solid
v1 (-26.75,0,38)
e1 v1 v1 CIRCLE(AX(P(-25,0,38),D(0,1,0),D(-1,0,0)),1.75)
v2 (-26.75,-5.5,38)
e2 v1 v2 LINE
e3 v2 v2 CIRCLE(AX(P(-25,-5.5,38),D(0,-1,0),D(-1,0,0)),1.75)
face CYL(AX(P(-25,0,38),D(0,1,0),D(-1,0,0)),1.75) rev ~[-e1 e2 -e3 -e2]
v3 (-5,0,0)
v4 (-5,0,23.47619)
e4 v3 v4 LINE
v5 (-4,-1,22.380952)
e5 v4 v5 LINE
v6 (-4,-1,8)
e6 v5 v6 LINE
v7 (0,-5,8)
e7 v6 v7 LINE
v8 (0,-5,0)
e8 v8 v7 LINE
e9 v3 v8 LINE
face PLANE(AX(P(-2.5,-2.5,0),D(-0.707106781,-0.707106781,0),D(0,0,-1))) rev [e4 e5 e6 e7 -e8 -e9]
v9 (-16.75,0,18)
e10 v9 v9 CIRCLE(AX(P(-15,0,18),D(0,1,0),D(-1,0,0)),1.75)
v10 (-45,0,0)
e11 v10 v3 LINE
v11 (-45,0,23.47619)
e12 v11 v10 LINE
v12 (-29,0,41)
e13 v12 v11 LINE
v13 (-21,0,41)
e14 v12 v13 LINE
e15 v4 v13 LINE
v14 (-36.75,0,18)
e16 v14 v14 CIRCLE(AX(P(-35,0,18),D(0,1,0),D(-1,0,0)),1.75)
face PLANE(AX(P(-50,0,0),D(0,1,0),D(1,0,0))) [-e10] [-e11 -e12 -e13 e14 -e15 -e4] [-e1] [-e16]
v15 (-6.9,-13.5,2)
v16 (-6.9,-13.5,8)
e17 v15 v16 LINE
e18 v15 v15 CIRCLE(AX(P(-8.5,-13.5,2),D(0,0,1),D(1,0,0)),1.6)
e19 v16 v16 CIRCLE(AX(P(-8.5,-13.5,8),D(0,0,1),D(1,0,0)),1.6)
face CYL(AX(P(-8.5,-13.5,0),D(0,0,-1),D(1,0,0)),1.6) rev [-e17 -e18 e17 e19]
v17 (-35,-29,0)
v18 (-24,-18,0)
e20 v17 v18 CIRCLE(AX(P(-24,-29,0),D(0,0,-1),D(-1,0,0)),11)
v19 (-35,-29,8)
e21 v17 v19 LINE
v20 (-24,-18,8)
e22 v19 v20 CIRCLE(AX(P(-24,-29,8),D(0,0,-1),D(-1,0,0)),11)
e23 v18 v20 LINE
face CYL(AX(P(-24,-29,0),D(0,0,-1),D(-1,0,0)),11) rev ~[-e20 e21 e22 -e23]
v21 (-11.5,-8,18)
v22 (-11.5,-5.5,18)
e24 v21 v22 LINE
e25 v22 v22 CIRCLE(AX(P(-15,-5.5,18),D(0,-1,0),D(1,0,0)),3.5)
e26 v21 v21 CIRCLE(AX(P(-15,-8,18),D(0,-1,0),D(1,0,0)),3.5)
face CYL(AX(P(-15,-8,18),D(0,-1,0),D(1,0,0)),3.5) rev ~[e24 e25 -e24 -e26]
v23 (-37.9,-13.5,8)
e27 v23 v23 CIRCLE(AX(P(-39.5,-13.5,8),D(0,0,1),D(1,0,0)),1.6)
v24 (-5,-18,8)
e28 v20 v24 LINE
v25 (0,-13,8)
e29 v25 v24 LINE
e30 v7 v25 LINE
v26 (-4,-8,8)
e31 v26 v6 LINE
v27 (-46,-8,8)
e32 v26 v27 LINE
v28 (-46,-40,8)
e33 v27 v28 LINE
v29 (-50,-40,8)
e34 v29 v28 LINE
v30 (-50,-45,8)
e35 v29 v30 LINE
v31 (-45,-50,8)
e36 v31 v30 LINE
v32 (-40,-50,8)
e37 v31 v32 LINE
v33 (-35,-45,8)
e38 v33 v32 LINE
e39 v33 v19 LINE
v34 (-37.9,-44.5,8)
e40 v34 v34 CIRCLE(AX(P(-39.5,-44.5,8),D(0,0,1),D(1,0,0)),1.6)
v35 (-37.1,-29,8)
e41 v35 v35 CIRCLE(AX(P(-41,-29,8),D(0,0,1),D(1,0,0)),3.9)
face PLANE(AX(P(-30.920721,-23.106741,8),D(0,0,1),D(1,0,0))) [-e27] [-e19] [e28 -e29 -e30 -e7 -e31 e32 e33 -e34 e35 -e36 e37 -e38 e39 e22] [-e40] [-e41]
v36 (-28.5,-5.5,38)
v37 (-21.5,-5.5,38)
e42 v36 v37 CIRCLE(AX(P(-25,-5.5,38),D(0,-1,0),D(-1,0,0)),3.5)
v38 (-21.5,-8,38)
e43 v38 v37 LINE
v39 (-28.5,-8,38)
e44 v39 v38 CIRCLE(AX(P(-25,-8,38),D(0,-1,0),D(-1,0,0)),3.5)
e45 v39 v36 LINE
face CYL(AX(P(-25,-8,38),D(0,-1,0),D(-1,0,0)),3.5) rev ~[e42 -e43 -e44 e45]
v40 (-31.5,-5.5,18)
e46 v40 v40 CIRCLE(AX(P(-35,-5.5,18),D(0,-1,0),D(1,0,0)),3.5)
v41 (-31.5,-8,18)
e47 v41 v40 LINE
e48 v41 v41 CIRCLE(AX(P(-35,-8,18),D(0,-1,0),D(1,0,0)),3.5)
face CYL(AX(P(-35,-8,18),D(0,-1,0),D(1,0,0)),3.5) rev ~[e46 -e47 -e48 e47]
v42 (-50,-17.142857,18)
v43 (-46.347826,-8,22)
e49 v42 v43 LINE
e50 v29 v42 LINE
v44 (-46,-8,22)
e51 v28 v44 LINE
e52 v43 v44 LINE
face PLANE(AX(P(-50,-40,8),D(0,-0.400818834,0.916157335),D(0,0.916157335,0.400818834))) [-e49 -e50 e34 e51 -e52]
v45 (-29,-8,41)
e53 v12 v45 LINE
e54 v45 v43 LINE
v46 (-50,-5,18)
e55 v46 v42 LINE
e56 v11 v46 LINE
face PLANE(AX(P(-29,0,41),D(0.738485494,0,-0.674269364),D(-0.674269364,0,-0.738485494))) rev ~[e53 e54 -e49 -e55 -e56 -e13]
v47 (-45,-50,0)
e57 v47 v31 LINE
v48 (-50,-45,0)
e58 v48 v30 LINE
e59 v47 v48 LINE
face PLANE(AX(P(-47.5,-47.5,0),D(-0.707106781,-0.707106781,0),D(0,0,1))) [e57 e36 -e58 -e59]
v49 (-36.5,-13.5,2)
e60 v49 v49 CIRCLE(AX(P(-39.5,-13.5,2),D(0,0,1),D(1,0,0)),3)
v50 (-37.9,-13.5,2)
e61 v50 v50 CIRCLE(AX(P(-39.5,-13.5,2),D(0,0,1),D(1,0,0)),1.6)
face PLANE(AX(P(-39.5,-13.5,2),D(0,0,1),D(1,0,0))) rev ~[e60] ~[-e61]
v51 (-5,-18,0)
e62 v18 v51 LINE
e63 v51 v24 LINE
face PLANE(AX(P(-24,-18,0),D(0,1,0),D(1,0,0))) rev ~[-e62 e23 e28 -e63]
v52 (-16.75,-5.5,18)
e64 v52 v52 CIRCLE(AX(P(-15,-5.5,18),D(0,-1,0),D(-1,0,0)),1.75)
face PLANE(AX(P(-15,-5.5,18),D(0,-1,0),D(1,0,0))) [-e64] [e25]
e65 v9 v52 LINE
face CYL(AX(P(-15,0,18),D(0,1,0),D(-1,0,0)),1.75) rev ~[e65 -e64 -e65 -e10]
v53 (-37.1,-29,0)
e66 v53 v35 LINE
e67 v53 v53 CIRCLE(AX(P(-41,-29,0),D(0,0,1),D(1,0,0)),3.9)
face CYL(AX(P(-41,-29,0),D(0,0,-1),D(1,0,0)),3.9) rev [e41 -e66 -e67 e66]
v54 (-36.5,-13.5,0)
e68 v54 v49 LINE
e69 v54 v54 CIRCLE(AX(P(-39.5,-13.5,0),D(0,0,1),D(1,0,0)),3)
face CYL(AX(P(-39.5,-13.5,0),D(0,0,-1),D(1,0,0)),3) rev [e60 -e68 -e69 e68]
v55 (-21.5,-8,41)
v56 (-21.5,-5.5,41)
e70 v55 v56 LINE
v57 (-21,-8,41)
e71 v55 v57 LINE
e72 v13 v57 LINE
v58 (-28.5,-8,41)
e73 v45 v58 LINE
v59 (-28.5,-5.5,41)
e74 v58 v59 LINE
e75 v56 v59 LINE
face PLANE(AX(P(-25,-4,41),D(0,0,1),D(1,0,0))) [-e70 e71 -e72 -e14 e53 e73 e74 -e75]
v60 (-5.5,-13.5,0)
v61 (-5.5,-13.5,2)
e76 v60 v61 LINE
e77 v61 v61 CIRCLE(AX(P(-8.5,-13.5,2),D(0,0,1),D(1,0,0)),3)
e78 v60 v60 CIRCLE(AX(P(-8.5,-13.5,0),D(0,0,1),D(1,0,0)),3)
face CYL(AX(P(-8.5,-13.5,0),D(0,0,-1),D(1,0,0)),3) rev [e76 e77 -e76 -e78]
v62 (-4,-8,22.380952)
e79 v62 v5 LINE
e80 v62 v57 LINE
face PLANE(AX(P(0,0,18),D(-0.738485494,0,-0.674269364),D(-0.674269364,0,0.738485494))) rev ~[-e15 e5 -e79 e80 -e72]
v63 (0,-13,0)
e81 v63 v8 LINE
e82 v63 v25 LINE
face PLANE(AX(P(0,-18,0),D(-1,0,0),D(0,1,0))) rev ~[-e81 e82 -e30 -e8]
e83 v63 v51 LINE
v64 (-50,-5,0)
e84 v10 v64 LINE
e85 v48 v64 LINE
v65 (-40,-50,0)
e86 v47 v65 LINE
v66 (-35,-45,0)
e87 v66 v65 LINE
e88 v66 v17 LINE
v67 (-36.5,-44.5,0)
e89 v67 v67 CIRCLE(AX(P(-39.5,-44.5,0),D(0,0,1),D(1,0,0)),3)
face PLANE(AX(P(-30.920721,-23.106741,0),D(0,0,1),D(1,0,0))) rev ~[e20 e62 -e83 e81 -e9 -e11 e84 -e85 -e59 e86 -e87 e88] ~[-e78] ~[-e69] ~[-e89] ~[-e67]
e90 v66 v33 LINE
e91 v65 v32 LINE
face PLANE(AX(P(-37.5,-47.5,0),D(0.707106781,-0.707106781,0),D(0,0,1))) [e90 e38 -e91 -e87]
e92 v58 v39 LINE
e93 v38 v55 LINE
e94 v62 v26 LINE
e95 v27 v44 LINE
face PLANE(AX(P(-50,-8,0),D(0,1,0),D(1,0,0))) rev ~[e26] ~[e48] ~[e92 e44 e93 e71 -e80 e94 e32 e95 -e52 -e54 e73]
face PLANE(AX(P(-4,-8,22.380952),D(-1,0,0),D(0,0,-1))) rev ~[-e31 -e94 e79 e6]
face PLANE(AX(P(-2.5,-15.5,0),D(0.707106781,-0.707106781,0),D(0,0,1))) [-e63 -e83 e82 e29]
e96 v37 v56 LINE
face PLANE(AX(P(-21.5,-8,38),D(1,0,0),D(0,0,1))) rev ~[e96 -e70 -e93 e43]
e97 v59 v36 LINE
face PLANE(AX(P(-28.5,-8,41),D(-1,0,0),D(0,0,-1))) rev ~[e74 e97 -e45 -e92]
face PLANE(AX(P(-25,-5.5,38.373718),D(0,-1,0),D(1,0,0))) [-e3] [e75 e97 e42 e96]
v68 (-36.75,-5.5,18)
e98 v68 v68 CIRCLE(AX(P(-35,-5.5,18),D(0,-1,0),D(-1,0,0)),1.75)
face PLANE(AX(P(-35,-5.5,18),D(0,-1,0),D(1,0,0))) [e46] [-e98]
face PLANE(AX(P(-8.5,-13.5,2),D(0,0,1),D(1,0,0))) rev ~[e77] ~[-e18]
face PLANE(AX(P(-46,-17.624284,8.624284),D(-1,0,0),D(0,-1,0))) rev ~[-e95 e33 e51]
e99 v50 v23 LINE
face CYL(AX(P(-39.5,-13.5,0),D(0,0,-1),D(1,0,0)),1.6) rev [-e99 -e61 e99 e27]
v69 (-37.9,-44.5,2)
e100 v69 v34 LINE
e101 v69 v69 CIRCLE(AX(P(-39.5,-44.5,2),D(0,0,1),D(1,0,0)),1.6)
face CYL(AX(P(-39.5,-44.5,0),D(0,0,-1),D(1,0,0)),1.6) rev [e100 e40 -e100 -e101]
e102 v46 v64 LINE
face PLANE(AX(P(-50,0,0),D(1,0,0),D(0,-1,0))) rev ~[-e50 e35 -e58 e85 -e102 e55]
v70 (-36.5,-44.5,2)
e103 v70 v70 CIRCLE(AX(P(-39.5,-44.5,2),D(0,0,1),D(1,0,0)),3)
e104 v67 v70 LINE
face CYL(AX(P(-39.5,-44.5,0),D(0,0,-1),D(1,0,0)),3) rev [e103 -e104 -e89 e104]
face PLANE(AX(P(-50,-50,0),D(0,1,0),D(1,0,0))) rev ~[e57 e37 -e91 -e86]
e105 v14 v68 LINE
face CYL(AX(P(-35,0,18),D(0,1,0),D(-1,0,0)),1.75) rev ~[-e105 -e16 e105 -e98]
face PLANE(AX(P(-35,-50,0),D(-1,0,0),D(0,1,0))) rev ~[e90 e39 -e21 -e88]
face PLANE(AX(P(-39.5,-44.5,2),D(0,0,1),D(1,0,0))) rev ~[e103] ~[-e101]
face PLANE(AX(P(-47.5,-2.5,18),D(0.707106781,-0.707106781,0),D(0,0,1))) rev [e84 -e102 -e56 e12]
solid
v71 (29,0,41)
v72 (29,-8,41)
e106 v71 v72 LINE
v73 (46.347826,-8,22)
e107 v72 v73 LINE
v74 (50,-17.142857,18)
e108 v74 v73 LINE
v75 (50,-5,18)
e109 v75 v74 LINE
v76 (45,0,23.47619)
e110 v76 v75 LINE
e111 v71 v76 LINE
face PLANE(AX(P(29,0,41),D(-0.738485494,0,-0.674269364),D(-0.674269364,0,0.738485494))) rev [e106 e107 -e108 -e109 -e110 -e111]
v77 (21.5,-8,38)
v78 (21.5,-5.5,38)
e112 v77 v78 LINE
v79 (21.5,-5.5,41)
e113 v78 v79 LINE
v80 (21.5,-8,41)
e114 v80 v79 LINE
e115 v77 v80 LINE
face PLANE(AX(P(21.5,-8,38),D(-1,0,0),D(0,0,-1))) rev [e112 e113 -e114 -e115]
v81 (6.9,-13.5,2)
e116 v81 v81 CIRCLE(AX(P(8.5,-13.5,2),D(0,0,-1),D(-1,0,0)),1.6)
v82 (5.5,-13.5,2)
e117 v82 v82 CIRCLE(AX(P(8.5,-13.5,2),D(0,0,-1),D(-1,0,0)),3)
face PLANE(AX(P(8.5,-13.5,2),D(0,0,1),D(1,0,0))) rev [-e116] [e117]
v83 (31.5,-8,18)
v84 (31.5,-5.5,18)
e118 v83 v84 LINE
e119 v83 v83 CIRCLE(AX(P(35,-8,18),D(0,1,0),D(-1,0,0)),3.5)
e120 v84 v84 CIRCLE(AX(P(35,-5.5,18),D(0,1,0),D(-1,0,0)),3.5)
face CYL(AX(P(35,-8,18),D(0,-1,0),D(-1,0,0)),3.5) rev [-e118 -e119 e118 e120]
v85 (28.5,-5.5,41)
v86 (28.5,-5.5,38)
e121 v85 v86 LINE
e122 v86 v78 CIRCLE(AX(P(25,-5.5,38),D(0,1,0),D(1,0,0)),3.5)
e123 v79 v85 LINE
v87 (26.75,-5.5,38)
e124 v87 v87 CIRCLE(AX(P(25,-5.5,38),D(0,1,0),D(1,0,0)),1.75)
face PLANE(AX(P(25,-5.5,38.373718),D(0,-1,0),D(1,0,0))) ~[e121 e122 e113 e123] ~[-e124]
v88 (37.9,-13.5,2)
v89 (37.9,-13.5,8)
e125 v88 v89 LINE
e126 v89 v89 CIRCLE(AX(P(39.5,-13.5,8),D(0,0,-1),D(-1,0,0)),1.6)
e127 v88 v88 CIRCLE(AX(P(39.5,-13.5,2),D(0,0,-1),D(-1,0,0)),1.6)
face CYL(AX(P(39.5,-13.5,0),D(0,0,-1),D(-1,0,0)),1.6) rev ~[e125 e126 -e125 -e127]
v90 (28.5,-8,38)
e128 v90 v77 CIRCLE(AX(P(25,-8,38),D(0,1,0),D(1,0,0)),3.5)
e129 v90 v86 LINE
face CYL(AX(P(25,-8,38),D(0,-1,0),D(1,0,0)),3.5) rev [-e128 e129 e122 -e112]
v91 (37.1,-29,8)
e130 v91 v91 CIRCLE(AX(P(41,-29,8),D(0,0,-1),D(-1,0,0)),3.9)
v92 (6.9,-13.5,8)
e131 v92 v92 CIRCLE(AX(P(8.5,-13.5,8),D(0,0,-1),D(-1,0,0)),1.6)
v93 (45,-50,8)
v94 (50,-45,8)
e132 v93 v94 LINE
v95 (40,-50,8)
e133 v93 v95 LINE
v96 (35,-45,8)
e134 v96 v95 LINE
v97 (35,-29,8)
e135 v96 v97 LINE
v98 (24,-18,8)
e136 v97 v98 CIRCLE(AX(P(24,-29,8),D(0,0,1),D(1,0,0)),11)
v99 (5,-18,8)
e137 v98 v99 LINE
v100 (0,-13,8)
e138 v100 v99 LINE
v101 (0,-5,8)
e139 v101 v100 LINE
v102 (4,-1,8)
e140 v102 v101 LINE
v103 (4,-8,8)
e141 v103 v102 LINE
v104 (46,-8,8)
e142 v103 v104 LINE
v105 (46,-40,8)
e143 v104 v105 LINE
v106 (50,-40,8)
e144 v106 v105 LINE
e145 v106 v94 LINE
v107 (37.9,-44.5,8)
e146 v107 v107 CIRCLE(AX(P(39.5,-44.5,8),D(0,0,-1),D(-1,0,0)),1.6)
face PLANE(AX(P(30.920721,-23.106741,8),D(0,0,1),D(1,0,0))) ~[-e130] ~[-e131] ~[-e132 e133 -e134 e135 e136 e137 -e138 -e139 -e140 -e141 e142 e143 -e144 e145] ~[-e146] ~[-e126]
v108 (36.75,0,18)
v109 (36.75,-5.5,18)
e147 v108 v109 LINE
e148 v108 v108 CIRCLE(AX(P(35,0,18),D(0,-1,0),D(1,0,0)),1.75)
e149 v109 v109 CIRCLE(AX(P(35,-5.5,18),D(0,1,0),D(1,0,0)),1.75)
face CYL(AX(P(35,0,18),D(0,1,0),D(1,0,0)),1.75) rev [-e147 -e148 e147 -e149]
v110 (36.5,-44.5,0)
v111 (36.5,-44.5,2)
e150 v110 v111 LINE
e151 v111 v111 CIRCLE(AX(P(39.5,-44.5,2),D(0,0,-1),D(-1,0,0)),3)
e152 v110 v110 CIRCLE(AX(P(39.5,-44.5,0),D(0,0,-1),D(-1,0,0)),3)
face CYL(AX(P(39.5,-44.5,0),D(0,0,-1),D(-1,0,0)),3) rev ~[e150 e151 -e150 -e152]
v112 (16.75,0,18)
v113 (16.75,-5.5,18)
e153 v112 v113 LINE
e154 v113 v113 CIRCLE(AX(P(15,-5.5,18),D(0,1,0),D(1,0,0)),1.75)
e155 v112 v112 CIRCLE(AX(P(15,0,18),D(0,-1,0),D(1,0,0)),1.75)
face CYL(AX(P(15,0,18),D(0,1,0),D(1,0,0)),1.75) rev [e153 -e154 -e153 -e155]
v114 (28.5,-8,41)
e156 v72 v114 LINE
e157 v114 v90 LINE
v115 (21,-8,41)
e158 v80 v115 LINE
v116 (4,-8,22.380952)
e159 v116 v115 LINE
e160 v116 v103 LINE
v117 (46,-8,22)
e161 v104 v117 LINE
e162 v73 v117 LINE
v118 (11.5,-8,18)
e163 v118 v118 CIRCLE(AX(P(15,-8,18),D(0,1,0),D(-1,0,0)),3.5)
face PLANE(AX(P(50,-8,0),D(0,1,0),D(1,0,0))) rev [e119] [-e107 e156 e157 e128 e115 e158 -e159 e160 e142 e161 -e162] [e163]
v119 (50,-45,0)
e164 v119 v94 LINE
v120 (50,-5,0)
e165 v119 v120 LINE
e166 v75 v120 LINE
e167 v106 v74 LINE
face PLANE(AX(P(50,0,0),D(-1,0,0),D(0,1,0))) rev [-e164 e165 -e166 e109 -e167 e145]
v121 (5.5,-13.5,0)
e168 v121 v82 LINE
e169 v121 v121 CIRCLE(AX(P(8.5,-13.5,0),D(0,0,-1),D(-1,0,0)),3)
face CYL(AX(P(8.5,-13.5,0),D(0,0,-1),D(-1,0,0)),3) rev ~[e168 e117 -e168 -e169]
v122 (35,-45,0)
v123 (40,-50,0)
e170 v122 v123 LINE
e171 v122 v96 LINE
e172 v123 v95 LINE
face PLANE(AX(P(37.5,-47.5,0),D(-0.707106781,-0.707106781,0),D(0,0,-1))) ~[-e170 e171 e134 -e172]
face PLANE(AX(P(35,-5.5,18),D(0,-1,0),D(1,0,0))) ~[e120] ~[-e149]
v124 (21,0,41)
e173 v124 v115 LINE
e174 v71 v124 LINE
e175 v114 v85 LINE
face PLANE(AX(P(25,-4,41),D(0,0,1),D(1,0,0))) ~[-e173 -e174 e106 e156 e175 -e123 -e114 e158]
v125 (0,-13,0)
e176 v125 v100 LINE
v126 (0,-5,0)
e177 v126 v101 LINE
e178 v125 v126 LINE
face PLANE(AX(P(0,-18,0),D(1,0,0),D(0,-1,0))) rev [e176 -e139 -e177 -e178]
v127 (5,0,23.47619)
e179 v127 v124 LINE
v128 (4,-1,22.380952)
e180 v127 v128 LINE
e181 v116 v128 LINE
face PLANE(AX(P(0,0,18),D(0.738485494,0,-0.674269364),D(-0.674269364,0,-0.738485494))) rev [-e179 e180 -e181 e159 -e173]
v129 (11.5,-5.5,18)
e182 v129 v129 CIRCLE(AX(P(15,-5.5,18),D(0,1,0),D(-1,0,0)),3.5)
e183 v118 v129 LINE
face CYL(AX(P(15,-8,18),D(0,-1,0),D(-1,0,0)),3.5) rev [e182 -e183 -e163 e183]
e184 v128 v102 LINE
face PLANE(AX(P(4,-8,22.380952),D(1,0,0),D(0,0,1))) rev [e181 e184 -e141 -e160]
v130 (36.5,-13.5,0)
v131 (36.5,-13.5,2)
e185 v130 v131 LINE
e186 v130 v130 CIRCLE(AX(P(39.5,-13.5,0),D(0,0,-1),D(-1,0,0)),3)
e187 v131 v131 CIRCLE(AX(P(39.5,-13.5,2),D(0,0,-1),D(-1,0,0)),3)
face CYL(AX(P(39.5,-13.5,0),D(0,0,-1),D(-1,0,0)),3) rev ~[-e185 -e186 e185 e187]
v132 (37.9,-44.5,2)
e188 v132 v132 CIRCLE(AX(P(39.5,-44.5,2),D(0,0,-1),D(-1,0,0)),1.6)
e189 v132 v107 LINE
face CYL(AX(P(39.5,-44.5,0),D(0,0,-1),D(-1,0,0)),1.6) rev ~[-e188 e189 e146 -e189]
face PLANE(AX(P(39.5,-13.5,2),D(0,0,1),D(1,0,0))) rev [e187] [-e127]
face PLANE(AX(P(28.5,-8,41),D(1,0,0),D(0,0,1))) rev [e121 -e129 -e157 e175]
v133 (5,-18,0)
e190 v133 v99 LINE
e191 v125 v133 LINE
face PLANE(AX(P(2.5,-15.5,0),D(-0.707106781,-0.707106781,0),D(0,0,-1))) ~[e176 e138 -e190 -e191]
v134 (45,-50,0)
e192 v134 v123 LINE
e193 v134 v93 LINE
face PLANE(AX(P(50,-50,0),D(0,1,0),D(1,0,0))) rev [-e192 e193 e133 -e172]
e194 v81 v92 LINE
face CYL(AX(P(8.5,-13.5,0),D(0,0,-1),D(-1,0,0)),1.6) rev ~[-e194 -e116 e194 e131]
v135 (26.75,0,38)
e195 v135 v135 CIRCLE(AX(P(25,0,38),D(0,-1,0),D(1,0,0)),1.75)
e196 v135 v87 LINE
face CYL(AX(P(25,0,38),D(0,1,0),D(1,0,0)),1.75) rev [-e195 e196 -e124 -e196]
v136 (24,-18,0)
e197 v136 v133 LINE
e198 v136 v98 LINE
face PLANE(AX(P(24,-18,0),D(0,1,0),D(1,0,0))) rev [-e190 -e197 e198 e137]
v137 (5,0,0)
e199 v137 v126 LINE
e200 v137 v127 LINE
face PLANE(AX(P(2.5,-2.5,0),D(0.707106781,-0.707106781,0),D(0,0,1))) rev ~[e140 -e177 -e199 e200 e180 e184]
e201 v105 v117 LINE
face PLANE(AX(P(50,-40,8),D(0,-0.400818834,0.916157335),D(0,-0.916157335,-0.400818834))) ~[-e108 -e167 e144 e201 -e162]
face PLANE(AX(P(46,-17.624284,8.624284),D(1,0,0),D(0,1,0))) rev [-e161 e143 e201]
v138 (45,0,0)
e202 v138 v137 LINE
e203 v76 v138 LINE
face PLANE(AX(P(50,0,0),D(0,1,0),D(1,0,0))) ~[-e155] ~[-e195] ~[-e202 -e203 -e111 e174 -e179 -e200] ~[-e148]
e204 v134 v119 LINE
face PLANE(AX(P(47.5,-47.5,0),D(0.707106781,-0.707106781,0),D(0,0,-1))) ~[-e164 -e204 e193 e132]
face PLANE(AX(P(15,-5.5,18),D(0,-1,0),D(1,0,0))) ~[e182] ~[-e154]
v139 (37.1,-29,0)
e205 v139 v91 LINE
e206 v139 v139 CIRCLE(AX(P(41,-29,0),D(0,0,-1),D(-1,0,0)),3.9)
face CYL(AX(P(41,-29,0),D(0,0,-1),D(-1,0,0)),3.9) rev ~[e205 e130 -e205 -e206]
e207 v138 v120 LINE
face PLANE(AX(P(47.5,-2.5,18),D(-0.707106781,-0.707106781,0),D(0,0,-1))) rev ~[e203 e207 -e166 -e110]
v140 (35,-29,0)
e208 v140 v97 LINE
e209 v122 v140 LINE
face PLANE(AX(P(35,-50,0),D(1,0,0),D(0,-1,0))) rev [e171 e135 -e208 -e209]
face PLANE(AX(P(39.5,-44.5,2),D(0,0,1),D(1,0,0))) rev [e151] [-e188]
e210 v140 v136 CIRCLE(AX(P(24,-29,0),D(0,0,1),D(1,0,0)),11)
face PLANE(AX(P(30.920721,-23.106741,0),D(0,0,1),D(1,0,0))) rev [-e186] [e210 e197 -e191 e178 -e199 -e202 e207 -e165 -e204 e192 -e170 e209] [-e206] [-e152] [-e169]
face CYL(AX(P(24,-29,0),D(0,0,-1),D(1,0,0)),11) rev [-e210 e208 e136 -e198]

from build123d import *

# Parameters (mm, degrees)
F0_R      = 3
F0_R_2    = 3.9
F0_W      = 50
F0_H      = 8
F0_R_3    = 1.6
F1_DEPTH  = 8
F2_DEPTH  = 41
F5_DEPTH  = 4
F3_R      = 1.75
F6_DEPTH  = 25
F7_R      = 3.5
F7_R_2    = 1.75
F8_DEPTH  = 2.5
F9_DEPTH  = 25
F10_SIZE  = 5
F11_DEPTH = 2


with BuildPart() as f1:
    # F0 (on Top) → F1 (new body)
    with BuildSketch(Plane.XY):
        with BuildLine():
            Line((0, -18), (0, -8))
            Line((0, -8), (-50, -8))
            Line((-50, -8), (-50, -50))
            Line((-50, -50), (-35, -50))
            Line((-35, -50), (-35, -29))
            ThreePointArc((-35, -29), (-31.7781745931, -21.2218254069), (-24, -18))
            Line((-24, -18), (0, -18))
        make_face()
        with Locations((-39.5, -44.5)):
            Circle(F0_R, mode=Mode.SUBTRACT)
        with Locations((-41, -29)):
            Circle(F0_R_2, mode=Mode.SUBTRACT)
        with Locations((-39.5, -13.5)):
            Circle(F0_R, mode=Mode.SUBTRACT)
        with Locations((-8.5, -13.5)):
            Circle(F0_R, mode=Mode.SUBTRACT)
        with Locations((-25, -4)):
            Rectangle(F0_W, F0_H)
        with Locations((-39.5, -44.5)):
            Circle(F0_R)
        with Locations((-39.5, -44.5)):
            Circle(F0_R_3, mode=Mode.SUBTRACT)
        with Locations((-8.5, -13.5)):
            Circle(F0_R)
        with Locations((-8.5, -13.5)):
            Circle(F0_R_3, mode=Mode.SUBTRACT)
        with Locations((-39.5, -13.5)):
            Circle(F0_R)
        with Locations((-39.5, -13.5)):
            Circle(F0_R_3, mode=Mode.SUBTRACT)
    extrude(amount=F1_DEPTH)

    # F0 (on Top) → F2 (join)
    with BuildSketch(Plane.XY):
        with Locations((-25, -4)):
            Rectangle(F0_W, F0_H)
    extrude(amount=F2_DEPTH)

    # F4 (on face) → F5 (join)
    with BuildSketch(Plane(origin=(-50, 0, 0), x_dir=(0, -1, 0), z_dir=(-1, 0, 0))):
        Polygon((40, 0), (40, 8), (8, 22), (0, 22), (0, 0), align=None)
    extrude(amount=-F5_DEPTH)

    # F3 (on face) → F6 (cut)
    with BuildSketch(Plane(origin=(0, 0, 0), x_dir=(-1, 0, 0), z_dir=(0, 1, 0))):
        Polygon((0, 18), (21, 41), (0, 41), align=None)
        Polygon((50, 41), (29, 41), (50, 18), align=None)
        with Locations((25, 38)):
            Circle(F3_R)
        with Locations((35, 18)):
            Circle(F3_R)
        with Locations((15, 18)):
            Circle(F3_R)
    extrude(amount=-F6_DEPTH, mode=Mode.SUBTRACT)

    # F7 (on face) → F8 (cut)
    with BuildSketch(Plane.XZ.offset(8)):
        with Locations((-35, 18)):
            Circle(F7_R)
        with Locations((-35, 18)):
            Circle(F7_R_2, mode=Mode.SUBTRACT)
        with BuildLine():
            Line((-28.5, 41), (-28.5, 38))
            ThreePointArc((-28.5, 38), (-25, 34.5), (-21.5, 38))
            Line((-21.5, 38), (-21.5, 41))
            Line((-21.5, 41), (-28.5, 41))
        make_face()
        with Locations((-25, 38)):
            Circle(F7_R_2, mode=Mode.SUBTRACT)
        with Locations((-15, 18)):
            Circle(F7_R)
        with Locations((-15, 18)):
            Circle(F7_R_2, mode=Mode.SUBTRACT)
    extrude(amount=-F8_DEPTH, mode=Mode.SUBTRACT)

    # F7 (on face) → F9 (cut)
    with BuildSketch(Plane.XZ.offset(8)):
        Polygon((0, 18), (-4, 22.380952381), (-4, 8), (0, 8), align=None)
    extrude(amount=-F9_DEPTH, mode=Mode.SUBTRACT)

    # F10
    f10_edges = [f1.edges().sort_by_distance(p)[0] for p in [
        (0, -18, 4),
        (0, 0, 4),
        (-35, -50, 4),
        (-50, -50, 4),
        (-50, 0, 9),
    ]]
    chamfer(f10_edges, length=F10_SIZE)

    # F0 (on Top) → F11 (cut)
    with BuildSketch(Plane.XY):
        with Locations((-39.5, -44.5)):
            Circle(F0_R)
        with Locations((-39.5, -44.5)):
            Circle(F0_R_3, mode=Mode.SUBTRACT)
        with Locations((-8.5, -13.5)):
            Circle(F0_R)
        with Locations((-8.5, -13.5)):
            Circle(F0_R_3, mode=Mode.SUBTRACT)
        with Locations((-39.5, -13.5)):
            Circle(F0_R)
        with Locations((-39.5, -13.5)):
            Circle(F0_R_3, mode=Mode.SUBTRACT)
    extrude(amount=F11_DEPTH, mode=Mode.SUBTRACT)


with BuildPart() as f12_1:
    # F12: instance of F1
    add(f1.part.mirror(Plane(origin=(0, -9, 4), x_dir=(0, 1, 0), z_dir=(1, 0, 0))))


solid = Compound([f1.part, f12_1.part])
